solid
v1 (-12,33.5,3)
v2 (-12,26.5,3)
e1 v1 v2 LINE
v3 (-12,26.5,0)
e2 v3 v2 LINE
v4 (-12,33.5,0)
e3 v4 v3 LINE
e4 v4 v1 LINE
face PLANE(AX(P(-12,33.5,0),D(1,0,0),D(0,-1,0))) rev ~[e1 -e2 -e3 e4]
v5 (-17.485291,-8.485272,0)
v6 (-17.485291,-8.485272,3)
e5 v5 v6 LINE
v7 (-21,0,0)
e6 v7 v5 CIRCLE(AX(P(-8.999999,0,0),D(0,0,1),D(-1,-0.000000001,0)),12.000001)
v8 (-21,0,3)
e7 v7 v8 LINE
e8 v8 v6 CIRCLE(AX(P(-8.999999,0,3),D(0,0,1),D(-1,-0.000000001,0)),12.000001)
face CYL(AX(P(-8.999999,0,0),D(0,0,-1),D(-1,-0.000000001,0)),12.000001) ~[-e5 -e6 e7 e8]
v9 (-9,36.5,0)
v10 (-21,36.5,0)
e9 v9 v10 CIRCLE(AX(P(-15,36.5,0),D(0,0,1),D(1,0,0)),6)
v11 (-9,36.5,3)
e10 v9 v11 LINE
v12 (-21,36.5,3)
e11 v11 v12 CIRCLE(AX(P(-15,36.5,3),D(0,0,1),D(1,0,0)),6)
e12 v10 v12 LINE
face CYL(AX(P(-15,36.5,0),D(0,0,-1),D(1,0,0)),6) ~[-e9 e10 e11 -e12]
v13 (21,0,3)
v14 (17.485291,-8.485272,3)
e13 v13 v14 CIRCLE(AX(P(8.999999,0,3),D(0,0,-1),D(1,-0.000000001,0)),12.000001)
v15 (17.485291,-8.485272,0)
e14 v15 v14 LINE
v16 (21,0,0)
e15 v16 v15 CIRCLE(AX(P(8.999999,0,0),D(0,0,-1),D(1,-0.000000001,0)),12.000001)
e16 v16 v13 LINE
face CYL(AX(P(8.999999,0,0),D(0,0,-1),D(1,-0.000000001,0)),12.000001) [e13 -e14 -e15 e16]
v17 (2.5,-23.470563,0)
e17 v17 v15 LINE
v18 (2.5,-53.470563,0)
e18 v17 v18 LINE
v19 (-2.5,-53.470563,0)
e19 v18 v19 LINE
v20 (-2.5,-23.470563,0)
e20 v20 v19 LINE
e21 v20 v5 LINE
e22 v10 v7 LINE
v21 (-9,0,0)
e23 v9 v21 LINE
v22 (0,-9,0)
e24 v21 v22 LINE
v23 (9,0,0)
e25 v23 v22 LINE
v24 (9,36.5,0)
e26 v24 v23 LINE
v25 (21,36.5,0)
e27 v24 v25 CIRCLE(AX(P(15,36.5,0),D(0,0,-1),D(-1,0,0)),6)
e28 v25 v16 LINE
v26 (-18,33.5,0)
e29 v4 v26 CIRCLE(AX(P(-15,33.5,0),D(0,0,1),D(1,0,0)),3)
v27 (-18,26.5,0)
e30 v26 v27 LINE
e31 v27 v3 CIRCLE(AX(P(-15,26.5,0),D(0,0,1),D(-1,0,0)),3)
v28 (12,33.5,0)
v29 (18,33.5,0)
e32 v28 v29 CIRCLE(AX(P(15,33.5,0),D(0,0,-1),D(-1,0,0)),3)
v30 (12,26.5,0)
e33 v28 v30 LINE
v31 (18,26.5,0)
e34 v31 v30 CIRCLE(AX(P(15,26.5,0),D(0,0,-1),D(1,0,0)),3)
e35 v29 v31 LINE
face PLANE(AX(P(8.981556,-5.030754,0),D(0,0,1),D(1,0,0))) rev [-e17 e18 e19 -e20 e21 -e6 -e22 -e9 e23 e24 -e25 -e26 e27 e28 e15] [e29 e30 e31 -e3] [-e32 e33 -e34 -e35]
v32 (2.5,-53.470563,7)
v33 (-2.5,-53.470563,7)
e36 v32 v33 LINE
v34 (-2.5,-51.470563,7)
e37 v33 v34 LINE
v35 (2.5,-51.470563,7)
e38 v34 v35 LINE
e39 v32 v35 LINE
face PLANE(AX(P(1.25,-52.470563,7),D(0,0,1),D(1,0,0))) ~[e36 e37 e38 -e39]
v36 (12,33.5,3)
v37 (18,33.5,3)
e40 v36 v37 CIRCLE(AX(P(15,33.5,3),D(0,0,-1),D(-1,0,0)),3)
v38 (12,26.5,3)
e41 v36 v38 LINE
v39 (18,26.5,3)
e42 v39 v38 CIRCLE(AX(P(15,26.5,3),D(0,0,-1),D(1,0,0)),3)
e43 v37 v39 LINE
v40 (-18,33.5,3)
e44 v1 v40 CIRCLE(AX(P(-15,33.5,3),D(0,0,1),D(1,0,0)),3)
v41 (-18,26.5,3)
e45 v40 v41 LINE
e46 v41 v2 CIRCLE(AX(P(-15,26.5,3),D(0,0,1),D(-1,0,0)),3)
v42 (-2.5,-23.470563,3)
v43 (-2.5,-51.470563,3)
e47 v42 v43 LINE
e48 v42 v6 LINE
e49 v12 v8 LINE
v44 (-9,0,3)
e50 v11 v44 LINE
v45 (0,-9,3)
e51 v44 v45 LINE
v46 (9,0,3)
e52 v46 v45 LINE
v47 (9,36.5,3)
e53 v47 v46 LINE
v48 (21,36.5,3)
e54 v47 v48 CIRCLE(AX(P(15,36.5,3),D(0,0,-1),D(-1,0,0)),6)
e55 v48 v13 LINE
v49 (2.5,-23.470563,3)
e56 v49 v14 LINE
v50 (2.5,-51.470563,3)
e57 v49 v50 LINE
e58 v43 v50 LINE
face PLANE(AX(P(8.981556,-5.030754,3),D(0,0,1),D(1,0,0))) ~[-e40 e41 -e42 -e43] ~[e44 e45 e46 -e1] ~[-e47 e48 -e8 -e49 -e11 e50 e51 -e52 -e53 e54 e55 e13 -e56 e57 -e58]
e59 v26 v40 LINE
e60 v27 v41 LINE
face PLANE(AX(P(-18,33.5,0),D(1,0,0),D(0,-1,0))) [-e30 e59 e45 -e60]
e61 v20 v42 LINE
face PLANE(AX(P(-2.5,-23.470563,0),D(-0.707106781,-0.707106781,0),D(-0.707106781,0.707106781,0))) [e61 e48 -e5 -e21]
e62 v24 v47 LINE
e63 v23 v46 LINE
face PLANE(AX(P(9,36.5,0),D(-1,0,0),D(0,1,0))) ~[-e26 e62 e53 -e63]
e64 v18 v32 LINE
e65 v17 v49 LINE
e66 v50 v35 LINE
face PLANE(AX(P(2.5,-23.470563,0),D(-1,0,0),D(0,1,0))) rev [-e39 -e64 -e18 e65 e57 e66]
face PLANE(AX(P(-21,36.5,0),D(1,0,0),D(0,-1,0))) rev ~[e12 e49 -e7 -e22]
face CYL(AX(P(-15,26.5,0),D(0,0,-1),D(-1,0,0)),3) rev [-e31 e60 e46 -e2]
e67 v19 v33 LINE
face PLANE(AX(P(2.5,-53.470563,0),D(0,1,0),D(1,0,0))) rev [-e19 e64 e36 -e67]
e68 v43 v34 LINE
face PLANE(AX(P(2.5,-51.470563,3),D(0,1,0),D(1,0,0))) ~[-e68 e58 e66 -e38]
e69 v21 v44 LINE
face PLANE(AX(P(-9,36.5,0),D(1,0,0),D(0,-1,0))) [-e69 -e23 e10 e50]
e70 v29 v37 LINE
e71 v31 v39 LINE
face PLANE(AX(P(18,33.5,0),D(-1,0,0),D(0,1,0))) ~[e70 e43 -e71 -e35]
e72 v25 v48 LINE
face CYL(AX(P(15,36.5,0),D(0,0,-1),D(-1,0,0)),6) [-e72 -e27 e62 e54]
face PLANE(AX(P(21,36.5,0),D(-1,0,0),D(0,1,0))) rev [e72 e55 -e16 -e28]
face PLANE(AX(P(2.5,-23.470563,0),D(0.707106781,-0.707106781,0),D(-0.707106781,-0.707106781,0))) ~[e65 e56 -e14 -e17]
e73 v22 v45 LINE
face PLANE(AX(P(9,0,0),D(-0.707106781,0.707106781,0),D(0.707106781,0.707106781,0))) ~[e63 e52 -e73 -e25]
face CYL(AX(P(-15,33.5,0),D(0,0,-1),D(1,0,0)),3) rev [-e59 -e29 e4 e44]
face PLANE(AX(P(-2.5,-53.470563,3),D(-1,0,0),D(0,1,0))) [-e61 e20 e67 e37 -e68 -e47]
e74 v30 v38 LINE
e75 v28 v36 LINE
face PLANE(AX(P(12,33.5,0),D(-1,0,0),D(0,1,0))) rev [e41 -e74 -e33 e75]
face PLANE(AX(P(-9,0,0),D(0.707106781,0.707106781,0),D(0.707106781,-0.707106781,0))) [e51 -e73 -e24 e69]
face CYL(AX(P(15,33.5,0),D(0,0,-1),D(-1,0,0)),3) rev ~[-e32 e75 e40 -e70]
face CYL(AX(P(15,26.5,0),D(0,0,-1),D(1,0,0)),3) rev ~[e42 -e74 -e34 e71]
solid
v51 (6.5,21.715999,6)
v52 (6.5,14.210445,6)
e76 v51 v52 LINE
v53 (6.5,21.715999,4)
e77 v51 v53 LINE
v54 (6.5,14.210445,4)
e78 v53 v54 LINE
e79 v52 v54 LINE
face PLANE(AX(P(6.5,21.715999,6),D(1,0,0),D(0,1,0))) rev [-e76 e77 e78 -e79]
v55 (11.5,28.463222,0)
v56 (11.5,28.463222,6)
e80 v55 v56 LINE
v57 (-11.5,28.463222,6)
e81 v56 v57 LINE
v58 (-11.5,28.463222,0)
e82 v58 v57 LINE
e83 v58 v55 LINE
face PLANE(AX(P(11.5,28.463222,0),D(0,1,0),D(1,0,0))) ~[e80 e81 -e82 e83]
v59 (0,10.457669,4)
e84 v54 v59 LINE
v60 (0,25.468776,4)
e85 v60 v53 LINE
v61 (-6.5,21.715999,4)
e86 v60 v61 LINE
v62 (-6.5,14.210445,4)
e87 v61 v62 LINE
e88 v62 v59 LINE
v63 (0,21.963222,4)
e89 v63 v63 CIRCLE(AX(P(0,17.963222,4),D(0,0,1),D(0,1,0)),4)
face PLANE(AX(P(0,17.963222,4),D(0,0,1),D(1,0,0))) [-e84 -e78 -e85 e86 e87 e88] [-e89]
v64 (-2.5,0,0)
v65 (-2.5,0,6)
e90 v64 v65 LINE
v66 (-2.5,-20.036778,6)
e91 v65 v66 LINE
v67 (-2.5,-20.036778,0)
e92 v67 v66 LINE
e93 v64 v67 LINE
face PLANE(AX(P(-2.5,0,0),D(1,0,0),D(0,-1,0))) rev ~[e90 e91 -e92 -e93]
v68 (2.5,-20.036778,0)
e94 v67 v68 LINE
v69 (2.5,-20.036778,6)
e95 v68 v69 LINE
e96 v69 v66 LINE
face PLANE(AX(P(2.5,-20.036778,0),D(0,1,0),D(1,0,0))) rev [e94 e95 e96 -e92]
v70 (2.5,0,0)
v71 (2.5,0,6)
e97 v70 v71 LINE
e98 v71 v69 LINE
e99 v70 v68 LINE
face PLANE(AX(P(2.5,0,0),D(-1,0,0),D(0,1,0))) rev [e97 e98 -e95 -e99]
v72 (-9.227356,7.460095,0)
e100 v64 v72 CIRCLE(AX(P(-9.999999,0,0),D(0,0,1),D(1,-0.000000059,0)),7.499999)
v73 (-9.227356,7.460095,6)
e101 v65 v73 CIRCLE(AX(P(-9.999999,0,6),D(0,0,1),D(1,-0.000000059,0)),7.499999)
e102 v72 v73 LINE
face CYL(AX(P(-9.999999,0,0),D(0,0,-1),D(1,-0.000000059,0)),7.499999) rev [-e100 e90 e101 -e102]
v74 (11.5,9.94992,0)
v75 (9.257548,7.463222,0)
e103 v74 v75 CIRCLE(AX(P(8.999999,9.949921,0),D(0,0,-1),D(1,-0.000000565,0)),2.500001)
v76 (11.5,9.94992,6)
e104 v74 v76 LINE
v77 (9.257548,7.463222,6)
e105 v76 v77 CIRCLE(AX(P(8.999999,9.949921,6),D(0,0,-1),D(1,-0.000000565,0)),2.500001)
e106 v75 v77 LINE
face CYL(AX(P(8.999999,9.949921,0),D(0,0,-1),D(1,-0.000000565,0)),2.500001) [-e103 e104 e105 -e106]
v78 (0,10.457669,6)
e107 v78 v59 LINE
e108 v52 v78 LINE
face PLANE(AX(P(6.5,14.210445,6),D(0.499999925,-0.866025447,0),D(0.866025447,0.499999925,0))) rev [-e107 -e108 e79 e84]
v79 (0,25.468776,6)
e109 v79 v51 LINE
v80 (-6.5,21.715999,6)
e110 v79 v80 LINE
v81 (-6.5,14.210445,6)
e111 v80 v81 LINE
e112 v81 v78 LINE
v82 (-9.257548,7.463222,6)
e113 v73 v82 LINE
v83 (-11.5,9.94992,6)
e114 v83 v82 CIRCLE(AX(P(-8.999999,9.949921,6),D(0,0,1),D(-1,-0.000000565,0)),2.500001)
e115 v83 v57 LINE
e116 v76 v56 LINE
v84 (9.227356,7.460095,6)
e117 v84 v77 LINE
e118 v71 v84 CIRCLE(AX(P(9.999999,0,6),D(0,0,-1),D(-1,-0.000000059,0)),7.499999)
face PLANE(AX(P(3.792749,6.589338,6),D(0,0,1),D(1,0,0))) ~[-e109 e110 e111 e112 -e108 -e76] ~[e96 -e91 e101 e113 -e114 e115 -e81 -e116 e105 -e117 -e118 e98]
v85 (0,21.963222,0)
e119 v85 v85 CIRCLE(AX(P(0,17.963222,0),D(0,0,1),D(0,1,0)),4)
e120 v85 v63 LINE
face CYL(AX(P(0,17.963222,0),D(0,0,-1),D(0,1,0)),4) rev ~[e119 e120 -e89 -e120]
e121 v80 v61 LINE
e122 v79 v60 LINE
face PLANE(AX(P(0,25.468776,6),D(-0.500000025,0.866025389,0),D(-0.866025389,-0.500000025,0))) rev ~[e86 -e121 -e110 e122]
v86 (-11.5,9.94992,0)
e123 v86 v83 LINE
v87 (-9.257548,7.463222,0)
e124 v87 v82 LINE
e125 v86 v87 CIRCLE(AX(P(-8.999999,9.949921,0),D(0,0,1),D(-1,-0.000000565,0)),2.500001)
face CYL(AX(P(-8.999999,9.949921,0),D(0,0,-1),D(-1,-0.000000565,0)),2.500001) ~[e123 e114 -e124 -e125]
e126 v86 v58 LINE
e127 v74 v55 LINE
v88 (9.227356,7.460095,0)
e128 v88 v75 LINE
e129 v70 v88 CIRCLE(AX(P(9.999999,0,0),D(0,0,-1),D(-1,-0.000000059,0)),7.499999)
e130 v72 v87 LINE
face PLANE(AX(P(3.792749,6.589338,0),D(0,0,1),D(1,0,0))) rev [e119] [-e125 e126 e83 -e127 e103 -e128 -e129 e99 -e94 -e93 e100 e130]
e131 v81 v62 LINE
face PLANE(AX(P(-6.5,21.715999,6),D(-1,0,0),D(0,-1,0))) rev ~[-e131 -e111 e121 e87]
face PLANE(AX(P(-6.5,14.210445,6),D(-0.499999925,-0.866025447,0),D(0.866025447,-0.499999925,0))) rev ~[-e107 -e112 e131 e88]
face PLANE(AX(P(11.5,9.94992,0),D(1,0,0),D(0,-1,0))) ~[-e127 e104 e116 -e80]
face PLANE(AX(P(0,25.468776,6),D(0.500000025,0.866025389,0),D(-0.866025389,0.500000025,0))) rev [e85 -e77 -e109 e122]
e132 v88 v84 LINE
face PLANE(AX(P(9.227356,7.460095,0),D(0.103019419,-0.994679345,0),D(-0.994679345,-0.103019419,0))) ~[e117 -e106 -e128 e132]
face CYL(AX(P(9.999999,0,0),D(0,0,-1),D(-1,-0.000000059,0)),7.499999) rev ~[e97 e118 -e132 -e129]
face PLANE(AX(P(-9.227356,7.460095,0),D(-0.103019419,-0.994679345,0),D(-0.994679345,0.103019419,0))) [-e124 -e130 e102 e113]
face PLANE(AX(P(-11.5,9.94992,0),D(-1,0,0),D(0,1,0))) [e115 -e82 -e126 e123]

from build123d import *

# Parameters (mm, degrees)
PAD_DEPTH    = 3
SKETCH001_W  = 2.5
SKETCH001_H  = 2
PAD001_DEPTH = 4
PAD002_DEPTH = 6
POCKET_DEPTH = 2


with BuildPart() as body:
    # Sketch → Pad (new body)
    with BuildSketch(Plane.XY):
        with BuildLine():
            ThreePointArc((-9, 36.5), (-15, 42.5), (-21, 36.5))
            Line((-21, 36.5), (-21, 0))
            ThreePointArc((-21, 0), (-20.086557, -4.592195), (-17.485291, -8.485272))
            Line((-2.5, -23.470563), (-17.485291, -8.485272))
            Line((-2.5, -23.470563), (-2.5, -53.470563))
            Line((-2.5, -53.470563), (0, -53.470563))
            Line((0, -53.470563), (0, -9))
            Line((-9, 0), (0, -9))
            Line((-9, 36.5), (-9, 0))
        make_face()
        with BuildLine():
            ThreePointArc((-12, 33.5), (-15, 36.5), (-18, 33.5))
            Line((-18, 33.5), (-18, 26.5))
            ThreePointArc((-18, 26.5), (-15, 23.5), (-12, 26.5))
            Line((-12, 33.5), (-12, 26.5))
        make_face(mode=Mode.SUBTRACT)
    pad = extrude(amount=PAD_DEPTH)

    # Sketch001 (on Face15 of Pad) → Pad001 (join)
    with BuildSketch(Plane.XY.offset(3)):
        with Locations((-1.25, -52.470563)):
            Rectangle(SKETCH001_W, SKETCH001_H)
    pad001 = extrude(amount=PAD001_DEPTH)

    # Mirrored: Pad001, Pad across Sketch001 V_Axis
    add(pad001.mirror(Plane(origin=(0, 0, 3), x_dir=(0, 0, 1), z_dir=(1, 0, 0))))
    add(pad.mirror(Plane(origin=(0, 0, 3), x_dir=(0, 0, 1), z_dir=(1, 0, 0))))


with BuildPart() as body001:
    # Sketch003 → Pad002 (new body)
    with BuildSketch(Plane.XY):
        with BuildLine():
            Line((-2.5, 0), (-2.5, -20.036778))
            Line((-2.5, -20.036778), (0, -20.036778))
            Line((0, -20.036778), (0, 13.963222))
            ThreePointArc((0, 21.963222), (-4, 17.963222), (0, 13.963222))
            Line((0, 21.963222), (0, 28.463222))
            Line((-11.5, 28.463222), (0, 28.463222))
            Line((-11.5, 9.94992), (-11.5, 28.463222))
            ThreePointArc((-11.5, 9.94992), (-10.856592, 8.275685), (-9.257548, 7.463222))
            Line((-9.227356, 7.460095), (-9.257548, 7.463222))
            ThreePointArc((-2.5, 0), (-4.430223, 5.022707), (-9.227356, 7.460095))
        make_face()
    pad002 = extrude(amount=PAD002_DEPTH)

    # Sketch004 (on Face12 of Pad002) → Pocket (cut)
    with BuildSketch(Plane.XY.offset(6)):
        Polygon((0, 25.468776), (-6.5, 21.715999), (-6.5, 14.210445), (0, 10.457669), (6.5, 14.210445), (6.5, 21.715999), align=None)
    pocket = extrude(amount=-POCKET_DEPTH, mode=Mode.SUBTRACT)

    # Mirrored001: Pad002, Pocket across Sketch003 V_Axis
    add(pad002.mirror(Plane(origin=(0, 0, 0), x_dir=(0, 0, 1), z_dir=(1, 0, 0))))
    add(pocket.mirror(Plane(origin=(0, 0, 0), x_dir=(0, 0, 1), z_dir=(1, 0, 0))), mode=Mode.SUBTRACT)


solid = Compound([body.part, body001.part])
